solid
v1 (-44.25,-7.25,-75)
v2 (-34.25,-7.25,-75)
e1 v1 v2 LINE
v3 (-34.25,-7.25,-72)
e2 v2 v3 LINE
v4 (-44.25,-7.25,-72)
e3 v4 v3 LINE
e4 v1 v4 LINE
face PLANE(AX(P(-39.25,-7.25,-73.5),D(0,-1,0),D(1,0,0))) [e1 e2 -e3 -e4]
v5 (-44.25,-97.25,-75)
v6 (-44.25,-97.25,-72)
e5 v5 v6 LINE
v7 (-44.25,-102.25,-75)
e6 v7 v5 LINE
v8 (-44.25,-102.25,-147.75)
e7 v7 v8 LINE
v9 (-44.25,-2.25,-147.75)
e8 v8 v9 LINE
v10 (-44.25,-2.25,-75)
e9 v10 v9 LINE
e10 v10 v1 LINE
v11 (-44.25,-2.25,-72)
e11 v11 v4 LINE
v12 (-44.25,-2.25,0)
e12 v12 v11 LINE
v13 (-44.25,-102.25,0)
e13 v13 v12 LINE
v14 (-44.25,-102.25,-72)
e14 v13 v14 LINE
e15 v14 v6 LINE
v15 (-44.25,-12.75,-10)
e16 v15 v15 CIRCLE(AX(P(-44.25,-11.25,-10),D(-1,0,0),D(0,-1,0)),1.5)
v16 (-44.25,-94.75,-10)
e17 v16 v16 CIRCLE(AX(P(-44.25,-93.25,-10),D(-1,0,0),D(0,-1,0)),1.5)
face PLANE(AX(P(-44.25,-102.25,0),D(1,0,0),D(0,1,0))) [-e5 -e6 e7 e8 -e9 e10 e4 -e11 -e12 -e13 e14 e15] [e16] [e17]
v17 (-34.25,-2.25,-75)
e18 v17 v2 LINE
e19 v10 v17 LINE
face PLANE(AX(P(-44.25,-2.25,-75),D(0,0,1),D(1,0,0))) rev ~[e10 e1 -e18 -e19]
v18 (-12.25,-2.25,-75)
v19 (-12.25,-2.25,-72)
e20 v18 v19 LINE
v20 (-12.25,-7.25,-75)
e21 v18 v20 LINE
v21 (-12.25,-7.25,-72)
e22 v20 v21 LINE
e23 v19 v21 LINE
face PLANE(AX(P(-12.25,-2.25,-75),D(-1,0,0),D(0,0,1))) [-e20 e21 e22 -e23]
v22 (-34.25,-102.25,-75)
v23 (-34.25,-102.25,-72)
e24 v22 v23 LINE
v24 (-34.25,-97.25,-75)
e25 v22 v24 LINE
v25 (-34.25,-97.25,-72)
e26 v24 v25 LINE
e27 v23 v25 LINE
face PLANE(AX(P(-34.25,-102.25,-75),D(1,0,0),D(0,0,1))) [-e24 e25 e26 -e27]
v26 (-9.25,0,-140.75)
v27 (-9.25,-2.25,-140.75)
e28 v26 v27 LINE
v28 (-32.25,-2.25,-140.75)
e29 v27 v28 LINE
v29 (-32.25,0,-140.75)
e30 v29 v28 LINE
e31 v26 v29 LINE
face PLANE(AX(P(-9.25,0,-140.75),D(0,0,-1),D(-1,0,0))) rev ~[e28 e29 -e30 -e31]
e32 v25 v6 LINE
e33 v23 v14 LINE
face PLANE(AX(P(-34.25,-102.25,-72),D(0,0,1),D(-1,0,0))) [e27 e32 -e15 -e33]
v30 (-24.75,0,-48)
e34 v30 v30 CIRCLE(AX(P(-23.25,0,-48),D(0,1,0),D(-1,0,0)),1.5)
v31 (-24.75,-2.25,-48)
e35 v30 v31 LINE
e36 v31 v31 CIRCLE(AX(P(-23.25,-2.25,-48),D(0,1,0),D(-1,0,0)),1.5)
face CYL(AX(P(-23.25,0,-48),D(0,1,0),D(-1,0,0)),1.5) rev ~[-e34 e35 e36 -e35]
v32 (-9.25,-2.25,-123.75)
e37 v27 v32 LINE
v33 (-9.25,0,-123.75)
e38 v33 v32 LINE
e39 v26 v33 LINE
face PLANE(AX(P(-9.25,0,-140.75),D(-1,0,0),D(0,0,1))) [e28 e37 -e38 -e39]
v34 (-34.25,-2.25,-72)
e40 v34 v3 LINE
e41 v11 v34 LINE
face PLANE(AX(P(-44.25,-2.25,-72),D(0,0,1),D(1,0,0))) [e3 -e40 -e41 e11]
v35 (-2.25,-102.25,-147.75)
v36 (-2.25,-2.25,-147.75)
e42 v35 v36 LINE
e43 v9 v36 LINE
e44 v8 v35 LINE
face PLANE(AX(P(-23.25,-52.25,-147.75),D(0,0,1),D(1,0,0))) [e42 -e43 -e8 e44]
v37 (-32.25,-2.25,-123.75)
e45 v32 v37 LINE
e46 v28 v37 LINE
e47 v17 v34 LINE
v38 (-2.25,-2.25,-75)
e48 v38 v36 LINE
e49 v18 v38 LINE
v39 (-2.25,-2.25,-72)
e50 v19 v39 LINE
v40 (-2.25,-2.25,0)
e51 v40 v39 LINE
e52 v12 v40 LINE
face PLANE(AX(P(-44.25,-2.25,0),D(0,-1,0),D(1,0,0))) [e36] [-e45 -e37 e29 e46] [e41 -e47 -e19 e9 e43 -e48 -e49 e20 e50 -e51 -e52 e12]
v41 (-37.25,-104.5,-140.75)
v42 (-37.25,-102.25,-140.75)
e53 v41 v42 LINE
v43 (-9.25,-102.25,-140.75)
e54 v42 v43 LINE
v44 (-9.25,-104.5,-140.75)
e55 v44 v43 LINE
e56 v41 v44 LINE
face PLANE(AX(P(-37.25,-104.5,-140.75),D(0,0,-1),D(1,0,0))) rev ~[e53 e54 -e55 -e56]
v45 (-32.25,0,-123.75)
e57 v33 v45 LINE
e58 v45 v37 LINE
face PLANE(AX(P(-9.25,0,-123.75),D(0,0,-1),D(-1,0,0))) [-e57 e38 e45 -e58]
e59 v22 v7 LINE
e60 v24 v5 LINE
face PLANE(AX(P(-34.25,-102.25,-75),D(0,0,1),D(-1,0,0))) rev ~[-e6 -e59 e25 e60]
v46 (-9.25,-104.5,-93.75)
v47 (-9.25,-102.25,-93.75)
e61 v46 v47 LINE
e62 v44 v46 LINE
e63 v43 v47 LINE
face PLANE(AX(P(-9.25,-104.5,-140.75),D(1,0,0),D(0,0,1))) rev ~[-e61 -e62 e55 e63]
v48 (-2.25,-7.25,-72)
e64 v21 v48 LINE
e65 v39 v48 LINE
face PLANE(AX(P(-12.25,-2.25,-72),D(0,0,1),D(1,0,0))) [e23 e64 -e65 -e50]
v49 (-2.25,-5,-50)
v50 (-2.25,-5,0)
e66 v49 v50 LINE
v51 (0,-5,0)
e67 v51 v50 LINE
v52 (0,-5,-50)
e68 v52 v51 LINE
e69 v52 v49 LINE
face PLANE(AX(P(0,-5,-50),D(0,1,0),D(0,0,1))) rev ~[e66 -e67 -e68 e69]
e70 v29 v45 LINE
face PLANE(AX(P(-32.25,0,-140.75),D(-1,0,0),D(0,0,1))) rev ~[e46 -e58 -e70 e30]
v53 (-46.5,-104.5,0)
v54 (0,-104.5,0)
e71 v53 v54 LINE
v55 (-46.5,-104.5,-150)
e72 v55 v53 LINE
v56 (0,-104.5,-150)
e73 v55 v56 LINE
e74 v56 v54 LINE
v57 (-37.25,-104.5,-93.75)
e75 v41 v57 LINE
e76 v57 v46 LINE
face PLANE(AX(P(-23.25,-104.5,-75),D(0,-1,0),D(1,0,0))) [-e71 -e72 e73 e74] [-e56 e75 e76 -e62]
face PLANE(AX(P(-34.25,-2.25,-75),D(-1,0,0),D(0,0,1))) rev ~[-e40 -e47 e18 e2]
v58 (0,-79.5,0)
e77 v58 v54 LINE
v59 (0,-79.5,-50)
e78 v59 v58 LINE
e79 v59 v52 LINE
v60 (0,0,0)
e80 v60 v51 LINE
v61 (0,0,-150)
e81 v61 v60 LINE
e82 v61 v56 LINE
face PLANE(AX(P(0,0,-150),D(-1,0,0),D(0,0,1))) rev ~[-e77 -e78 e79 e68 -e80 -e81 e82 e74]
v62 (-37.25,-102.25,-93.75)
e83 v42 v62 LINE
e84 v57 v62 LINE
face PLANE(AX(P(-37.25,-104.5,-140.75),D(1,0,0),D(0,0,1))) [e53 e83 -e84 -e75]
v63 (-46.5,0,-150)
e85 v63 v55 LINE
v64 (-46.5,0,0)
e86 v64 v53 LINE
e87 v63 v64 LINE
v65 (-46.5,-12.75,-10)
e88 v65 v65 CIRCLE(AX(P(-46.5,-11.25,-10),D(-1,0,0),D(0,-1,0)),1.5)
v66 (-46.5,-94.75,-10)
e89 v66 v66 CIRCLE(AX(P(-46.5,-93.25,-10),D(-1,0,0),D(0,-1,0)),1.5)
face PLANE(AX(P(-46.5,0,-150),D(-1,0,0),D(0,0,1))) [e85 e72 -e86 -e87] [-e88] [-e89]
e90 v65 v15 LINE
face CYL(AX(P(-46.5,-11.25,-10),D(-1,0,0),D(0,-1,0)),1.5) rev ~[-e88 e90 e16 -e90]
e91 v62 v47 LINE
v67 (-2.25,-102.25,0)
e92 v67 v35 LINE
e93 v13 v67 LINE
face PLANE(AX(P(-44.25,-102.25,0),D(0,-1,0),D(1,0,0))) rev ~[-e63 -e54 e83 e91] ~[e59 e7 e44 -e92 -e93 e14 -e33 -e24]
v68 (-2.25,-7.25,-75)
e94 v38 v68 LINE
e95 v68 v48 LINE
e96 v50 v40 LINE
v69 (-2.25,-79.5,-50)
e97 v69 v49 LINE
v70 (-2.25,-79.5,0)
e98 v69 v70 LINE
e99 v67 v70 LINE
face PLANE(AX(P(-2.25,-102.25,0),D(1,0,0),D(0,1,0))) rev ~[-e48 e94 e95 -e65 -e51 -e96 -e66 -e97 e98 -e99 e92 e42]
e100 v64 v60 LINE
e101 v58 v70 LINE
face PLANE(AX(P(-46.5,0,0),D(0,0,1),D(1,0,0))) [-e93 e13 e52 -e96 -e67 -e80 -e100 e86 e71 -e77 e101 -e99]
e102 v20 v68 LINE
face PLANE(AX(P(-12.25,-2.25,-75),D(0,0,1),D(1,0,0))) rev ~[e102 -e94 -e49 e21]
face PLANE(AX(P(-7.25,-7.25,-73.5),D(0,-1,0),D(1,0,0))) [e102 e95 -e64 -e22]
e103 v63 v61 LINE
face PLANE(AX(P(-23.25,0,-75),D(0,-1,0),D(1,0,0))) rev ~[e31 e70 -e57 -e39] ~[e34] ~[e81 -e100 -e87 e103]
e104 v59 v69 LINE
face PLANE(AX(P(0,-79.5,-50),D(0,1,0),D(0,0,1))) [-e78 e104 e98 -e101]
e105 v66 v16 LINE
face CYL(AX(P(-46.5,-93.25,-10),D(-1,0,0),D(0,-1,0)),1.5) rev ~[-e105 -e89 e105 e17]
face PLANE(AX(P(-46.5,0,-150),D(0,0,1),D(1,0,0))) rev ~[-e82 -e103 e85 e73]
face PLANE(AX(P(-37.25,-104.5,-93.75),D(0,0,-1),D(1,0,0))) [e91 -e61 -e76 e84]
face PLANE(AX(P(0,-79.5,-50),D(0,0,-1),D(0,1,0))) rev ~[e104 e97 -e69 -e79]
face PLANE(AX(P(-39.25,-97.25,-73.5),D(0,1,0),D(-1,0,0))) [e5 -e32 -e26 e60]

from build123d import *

# Parameters (mm, degrees)
F0_W      = 46.5
F0_H      = 150
F1_DEPTH  = 104.5
F2_W      = 42
F2_H      = 100
F3_DEPTH  = 147.75
F4_W      = 74.5
F4_H      = 50
F5_DEPTH  = 2.25
F6_R      = 1.5
F7_DEPTH  = 2.25
F8_R      = 1.5
F9_DEPTH  = 2.25
F10_W     = 10
F10_H     = 3
F11_DEPTH = 5
F12_W     = 10
F12_H     = 3
F13_DEPTH = 5
F14_W     = 28
F14_H     = 47
F15_DEPTH = 2.25
F16_W     = 23
F16_H     = 17
F17_DEPTH = 2.25


with BuildPart() as f1:
    # F0 (on Front) → F1 (new body)
    with BuildSketch(Plane.XZ):
        with Locations((-23.25, -75)):
            Rectangle(F0_W, F0_H)
    extrude(amount=F1_DEPTH)

    # F2 (on face) → F3 (cut, through all)
    with BuildSketch(Plane.XY):
        with Locations((-23.25, -52.25)):
            Rectangle(F2_W, F2_H)
    extrude(amount=-F3_DEPTH, mode=Mode.SUBTRACT)

    # F4 (on face) → F5 (cut)
    with BuildSketch(Plane.YZ):
        with Locations((-42.25, -25)):
            Rectangle(F4_W, F4_H)
    extrude(amount=-F5_DEPTH, mode=Mode.SUBTRACT)

    # F6 (on face) → F7 (cut)
    with BuildSketch(Plane(origin=(-46.5, 0, 0), x_dir=(0, -1, 0), z_dir=(-1, 0, 0))):
        with Locations((11.25, -10)):
            Circle(F6_R)
        with Locations((93.25, -10)):
            Circle(F6_R)
    extrude(amount=-F7_DEPTH, mode=Mode.SUBTRACT)

    # F8 (on face) → F9 (cut)
    with BuildSketch(Plane(origin=(0, 0, 0), x_dir=(-1, 0, 0), z_dir=(0, 1, 0))):
        with Locations((23.25, -48)):
            Circle(F8_R)
    extrude(amount=-F9_DEPTH, mode=Mode.SUBTRACT)

    # F10 (on face) → F11 (join)
    with BuildSketch(Plane.XZ.offset(2.25)):
        with Locations((-39.25, -73.5)):
            Rectangle(F10_W, F10_H)
        with Locations((-7.25, -73.5)):
            Rectangle(F10_W, F10_H)
    extrude(amount=F11_DEPTH)

    # F12 (on face) → F13 (join)
    with BuildSketch(Plane(origin=(0, -102.25, 0), x_dir=(-1, 0, 0), z_dir=(0, 1, 0))):
        with Locations((39.25, -73.5)):
            Rectangle(F12_W, F12_H)
    extrude(amount=F13_DEPTH)

    # F14 (on face) → F15 (cut)
    with BuildSketch(Plane.XZ.offset(104.5)):
        with Locations((-23.25, -117.25)):
            Rectangle(F14_W, F14_H)
    extrude(amount=-F15_DEPTH, mode=Mode.SUBTRACT)

    # F16 (on face) → F17 (cut)
    with BuildSketch(Plane(origin=(0, 0, 0), x_dir=(-1, 0, 0), z_dir=(0, 1, 0))):
        with Locations((20.75, -132.25)):
            Rectangle(F16_W, F16_H)
    extrude(amount=-F17_DEPTH, mode=Mode.SUBTRACT)


solid = f1.part
